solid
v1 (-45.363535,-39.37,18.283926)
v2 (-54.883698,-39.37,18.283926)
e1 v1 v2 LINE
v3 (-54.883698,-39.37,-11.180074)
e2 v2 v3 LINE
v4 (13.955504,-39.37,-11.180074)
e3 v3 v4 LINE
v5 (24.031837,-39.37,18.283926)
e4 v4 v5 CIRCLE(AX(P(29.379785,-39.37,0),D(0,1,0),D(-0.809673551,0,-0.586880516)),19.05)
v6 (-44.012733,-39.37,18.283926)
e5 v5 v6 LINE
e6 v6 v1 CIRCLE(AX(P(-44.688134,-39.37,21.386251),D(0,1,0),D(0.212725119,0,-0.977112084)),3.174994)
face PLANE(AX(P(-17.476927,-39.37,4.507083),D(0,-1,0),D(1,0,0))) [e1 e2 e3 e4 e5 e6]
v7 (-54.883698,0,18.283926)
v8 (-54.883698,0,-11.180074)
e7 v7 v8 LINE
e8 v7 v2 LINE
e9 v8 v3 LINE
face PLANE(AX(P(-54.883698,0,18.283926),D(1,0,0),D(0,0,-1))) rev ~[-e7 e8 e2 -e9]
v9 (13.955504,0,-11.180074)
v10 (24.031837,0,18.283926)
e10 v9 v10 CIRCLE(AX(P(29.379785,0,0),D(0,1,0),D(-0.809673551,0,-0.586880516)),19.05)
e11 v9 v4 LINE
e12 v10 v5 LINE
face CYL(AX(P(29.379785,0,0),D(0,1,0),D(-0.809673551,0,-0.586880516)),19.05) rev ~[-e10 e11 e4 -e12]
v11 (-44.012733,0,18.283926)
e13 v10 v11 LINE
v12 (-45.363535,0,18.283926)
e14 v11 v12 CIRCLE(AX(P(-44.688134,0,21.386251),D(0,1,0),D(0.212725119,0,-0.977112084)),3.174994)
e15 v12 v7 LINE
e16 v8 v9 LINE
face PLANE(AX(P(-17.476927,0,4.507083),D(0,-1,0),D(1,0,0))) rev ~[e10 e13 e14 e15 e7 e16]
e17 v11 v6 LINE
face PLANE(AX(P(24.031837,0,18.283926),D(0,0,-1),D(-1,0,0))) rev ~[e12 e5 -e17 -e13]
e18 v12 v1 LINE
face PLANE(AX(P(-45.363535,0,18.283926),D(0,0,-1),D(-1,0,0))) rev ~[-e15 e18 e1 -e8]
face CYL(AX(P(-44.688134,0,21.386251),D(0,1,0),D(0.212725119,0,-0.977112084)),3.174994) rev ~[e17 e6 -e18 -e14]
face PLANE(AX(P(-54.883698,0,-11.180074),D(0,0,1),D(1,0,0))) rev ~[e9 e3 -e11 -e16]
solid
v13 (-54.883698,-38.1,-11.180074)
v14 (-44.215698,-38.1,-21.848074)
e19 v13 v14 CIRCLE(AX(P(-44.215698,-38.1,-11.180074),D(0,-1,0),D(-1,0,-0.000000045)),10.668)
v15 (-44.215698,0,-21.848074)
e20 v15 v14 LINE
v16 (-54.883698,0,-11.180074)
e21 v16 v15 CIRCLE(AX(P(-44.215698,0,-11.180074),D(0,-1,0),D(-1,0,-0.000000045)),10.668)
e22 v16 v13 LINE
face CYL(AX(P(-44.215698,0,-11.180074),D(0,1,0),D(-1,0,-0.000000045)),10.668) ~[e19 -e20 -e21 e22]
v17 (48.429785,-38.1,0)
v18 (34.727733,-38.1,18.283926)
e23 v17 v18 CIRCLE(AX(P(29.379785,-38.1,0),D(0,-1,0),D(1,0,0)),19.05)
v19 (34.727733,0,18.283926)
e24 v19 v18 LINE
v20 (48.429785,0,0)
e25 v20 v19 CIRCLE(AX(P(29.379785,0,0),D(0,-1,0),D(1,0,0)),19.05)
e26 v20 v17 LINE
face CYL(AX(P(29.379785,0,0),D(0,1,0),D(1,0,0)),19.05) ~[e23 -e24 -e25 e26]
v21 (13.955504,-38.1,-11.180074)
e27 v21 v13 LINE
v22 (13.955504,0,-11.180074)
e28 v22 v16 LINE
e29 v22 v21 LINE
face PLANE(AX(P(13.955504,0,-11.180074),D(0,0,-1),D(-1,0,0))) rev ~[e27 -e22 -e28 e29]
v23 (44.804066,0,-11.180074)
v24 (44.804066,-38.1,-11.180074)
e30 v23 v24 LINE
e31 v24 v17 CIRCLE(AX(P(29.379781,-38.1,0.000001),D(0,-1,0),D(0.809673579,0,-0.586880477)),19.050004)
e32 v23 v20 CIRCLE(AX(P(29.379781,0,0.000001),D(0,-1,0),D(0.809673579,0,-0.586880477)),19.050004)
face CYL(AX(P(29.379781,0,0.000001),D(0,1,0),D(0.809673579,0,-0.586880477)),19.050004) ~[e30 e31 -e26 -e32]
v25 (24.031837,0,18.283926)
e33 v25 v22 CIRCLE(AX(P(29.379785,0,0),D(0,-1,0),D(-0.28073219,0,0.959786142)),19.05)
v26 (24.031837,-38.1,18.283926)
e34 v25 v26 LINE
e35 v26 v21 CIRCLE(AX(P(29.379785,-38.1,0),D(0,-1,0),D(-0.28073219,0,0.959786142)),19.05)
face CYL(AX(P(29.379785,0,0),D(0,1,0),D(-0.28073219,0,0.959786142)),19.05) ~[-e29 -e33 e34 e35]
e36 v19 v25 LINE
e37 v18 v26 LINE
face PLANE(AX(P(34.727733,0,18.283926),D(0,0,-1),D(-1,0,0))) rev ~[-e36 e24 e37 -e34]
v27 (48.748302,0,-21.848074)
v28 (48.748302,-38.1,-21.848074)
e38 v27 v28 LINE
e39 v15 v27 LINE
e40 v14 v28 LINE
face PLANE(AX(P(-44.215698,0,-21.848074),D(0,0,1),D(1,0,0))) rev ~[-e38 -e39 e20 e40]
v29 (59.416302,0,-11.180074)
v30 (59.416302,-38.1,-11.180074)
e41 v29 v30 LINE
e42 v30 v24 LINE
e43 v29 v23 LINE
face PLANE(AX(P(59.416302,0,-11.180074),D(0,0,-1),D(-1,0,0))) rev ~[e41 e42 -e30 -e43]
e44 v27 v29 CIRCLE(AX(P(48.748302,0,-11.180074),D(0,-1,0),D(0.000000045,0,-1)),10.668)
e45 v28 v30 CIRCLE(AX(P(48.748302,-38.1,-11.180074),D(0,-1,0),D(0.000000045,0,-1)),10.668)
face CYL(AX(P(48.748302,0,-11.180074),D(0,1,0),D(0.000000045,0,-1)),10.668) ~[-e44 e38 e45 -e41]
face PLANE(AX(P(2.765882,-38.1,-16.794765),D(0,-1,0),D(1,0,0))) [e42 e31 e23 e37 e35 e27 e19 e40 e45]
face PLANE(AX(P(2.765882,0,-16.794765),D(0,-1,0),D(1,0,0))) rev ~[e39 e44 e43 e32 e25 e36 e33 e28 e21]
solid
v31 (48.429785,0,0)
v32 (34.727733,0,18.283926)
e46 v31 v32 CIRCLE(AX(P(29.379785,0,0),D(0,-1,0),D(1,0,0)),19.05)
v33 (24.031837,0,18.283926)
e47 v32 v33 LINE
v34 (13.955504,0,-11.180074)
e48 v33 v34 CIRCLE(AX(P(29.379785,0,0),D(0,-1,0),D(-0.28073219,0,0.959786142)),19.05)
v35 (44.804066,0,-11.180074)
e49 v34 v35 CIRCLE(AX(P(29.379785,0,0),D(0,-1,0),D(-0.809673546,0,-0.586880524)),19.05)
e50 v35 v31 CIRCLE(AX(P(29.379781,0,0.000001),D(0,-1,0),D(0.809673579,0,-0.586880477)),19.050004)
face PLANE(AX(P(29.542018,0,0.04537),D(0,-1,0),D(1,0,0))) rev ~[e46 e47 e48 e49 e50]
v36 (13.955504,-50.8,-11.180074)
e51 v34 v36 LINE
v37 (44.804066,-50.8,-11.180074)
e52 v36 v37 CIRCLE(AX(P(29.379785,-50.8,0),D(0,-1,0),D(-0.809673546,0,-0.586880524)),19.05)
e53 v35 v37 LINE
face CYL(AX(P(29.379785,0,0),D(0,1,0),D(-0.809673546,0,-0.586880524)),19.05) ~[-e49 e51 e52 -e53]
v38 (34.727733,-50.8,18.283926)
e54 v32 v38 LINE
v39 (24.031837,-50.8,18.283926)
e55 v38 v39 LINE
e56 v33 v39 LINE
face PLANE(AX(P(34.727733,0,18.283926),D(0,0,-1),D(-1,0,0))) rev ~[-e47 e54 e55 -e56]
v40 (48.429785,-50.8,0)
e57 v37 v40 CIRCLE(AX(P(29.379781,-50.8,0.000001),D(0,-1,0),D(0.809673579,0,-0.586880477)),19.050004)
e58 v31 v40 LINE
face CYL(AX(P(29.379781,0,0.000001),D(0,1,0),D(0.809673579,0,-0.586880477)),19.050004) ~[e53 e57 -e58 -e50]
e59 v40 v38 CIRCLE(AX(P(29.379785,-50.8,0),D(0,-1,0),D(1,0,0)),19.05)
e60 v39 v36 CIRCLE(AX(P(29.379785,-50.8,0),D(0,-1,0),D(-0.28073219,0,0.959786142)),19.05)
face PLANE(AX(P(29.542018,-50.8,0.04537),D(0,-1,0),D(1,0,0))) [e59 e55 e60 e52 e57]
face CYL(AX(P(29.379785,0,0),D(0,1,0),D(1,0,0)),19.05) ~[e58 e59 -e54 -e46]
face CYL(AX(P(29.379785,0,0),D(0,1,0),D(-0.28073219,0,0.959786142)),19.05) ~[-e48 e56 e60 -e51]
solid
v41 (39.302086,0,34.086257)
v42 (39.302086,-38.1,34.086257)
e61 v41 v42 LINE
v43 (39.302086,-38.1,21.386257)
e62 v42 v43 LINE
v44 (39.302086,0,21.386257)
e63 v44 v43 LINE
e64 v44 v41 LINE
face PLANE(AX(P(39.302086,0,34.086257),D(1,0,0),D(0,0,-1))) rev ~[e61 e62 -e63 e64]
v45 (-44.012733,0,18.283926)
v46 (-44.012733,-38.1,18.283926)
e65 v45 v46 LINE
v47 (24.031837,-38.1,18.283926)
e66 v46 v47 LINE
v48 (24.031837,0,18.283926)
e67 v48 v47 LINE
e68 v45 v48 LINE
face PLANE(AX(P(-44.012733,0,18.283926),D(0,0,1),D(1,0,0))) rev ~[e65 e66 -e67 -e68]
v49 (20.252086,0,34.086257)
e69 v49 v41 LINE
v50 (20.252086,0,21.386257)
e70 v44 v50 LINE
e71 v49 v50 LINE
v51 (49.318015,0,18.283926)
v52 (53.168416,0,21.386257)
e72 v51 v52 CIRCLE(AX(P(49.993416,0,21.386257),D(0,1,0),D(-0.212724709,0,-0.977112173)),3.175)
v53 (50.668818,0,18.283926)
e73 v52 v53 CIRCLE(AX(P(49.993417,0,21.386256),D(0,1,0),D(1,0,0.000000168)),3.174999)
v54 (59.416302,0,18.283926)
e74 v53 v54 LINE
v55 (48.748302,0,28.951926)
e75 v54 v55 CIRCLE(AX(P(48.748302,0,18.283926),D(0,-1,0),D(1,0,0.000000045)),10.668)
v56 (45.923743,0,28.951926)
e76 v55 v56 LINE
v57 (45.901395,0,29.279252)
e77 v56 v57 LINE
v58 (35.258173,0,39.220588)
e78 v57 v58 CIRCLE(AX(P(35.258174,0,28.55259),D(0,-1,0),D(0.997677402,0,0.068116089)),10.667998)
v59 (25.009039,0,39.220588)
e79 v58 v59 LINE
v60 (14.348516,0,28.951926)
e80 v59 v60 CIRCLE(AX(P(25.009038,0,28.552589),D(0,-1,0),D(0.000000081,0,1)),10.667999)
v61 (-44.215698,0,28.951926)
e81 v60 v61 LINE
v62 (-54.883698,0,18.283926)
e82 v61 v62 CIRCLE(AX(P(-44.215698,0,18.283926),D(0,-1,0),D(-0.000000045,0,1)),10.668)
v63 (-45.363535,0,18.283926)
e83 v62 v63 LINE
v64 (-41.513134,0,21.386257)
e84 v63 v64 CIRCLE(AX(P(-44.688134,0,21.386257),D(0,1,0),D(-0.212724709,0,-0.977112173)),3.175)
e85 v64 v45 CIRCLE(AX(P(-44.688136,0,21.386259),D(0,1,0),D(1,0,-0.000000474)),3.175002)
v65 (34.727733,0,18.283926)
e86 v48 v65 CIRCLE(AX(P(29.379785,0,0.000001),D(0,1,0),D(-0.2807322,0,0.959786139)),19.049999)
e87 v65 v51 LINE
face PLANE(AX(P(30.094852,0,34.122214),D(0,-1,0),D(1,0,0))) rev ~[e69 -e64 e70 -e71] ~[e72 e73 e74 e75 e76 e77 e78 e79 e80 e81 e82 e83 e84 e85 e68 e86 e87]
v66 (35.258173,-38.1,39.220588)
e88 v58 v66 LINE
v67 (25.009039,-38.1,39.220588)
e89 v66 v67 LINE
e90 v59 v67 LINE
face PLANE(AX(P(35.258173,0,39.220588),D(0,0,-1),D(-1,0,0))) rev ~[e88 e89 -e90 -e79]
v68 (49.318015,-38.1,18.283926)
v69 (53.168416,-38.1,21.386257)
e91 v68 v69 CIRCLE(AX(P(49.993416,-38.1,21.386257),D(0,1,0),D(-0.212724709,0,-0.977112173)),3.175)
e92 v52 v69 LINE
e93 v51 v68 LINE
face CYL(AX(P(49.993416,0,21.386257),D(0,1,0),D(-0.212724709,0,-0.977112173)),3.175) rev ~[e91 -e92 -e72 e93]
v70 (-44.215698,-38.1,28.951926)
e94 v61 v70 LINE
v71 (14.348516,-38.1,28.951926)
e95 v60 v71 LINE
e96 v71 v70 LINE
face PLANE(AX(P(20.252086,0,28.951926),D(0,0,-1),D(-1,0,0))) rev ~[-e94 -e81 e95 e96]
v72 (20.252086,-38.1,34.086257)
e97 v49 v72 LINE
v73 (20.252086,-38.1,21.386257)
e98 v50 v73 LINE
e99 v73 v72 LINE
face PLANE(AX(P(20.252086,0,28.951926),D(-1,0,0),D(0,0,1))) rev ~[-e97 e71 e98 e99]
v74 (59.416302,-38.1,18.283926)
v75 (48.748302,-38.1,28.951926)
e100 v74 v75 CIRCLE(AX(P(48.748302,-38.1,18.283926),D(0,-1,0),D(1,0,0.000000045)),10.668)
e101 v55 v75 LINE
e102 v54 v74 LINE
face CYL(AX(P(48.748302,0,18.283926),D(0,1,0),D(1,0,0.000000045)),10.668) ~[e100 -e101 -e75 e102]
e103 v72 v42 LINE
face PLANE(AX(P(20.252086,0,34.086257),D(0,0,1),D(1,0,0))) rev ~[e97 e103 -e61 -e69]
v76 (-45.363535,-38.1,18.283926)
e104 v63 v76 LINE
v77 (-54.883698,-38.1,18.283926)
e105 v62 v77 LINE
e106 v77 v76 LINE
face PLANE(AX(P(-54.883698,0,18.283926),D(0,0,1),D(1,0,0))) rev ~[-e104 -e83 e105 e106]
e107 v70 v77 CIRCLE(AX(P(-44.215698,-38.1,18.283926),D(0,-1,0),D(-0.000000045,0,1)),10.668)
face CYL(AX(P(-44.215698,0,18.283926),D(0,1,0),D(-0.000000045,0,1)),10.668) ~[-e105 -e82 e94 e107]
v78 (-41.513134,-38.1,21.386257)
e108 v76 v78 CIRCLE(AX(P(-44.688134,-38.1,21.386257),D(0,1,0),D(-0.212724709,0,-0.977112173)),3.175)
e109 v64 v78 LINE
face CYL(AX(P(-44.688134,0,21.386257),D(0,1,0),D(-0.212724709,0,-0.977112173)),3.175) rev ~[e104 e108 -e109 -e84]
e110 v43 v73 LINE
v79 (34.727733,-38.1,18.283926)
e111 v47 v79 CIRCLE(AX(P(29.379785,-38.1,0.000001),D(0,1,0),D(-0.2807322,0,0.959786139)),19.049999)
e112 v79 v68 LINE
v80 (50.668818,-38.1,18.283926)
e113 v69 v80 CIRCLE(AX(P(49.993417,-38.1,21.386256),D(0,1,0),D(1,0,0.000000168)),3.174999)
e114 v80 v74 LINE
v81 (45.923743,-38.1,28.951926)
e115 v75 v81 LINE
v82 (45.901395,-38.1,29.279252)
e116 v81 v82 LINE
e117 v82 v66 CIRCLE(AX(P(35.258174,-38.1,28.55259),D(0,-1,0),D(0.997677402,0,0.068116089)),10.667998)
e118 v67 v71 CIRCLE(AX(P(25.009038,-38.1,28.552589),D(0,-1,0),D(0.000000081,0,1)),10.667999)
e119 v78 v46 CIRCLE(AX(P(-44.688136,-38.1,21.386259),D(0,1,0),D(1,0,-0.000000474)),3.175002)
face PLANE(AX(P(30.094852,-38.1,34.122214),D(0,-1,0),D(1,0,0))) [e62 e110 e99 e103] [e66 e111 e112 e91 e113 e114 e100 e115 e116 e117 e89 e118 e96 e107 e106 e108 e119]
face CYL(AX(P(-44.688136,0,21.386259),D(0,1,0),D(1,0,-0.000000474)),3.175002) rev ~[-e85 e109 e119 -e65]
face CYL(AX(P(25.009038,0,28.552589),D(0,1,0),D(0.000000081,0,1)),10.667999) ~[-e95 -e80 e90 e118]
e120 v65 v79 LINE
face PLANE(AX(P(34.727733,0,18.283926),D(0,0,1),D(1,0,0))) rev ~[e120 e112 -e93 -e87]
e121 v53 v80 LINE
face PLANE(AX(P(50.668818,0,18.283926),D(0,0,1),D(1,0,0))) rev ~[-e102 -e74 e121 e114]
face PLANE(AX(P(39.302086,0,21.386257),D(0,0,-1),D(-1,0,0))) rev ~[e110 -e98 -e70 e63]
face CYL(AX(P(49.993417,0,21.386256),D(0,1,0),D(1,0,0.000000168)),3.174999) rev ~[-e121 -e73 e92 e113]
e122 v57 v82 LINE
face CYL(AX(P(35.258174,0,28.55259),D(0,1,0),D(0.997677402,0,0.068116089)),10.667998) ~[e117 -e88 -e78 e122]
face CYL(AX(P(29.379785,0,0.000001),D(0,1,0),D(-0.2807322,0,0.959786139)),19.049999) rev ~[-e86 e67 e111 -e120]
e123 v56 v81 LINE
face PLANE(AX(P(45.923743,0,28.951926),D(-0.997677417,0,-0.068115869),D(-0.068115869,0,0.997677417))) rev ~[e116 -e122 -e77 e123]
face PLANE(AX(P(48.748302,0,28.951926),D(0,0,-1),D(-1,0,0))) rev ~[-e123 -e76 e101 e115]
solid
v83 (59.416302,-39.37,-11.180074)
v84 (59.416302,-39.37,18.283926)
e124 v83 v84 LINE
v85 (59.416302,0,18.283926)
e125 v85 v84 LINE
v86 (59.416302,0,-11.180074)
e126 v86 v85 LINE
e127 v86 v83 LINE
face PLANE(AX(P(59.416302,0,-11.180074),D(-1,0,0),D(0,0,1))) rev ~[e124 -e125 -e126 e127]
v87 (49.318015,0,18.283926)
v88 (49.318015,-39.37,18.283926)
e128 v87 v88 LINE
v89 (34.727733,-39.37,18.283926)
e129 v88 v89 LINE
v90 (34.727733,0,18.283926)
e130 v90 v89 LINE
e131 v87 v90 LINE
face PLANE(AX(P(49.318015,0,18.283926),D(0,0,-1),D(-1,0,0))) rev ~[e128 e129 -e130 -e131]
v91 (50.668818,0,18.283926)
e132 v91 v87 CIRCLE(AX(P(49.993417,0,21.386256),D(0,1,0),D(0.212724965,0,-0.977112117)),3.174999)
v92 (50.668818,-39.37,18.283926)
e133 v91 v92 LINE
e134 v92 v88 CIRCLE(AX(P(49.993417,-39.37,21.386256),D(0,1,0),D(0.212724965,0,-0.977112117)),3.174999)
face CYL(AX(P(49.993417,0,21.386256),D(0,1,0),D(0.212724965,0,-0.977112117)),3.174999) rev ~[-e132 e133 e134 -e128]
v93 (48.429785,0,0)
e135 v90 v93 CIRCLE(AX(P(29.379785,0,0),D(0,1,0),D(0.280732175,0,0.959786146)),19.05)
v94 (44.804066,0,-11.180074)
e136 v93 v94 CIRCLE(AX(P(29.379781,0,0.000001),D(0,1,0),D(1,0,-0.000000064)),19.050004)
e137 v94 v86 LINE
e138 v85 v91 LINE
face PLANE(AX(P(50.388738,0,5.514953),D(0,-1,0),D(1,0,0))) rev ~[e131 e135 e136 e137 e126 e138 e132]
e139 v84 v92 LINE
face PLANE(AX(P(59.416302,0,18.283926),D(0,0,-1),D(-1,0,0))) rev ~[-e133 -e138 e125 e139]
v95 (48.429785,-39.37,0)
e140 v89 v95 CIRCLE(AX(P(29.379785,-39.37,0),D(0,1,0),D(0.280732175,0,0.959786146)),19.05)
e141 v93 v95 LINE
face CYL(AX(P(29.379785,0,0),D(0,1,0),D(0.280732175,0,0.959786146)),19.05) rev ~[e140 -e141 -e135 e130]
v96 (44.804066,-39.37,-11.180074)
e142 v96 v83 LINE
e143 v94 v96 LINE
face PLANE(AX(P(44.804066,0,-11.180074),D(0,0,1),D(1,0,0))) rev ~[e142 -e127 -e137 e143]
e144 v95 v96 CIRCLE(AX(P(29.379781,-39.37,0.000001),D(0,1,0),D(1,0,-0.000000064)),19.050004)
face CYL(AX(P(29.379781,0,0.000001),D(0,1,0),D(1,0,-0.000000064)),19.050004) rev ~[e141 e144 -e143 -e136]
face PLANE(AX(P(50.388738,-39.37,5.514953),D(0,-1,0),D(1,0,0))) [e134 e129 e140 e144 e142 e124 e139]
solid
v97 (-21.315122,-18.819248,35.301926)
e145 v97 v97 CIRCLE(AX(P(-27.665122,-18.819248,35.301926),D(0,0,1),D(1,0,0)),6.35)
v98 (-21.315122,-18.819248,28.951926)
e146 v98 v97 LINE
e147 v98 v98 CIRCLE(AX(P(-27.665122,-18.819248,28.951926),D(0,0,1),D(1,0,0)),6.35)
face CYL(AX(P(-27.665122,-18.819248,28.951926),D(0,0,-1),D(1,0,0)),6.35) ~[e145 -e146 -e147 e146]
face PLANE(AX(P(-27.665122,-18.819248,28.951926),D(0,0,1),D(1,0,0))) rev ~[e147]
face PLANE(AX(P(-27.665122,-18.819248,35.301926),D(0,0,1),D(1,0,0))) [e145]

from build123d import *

# Parameters (mm, degrees)
F0_W     = 7.701499
F0_H     = 3.708132
F1_DEPTH = 38.1
F2_DEPTH = 50.8
F3_R     = 6.35
F4_DEPTH = 6.35
F5_DEPTH = 34.29
F6_DEPTH = 39.37
F7_DEPTH = 34.29
F8_DEPTH = 38.1
F9_DEPTH = 38.1


with BuildPart() as f1:
    # F0 (on Front) → F1 (new body)
    with BuildSketch(Plane.XZ):
        with BuildLine():
            Line((14.348516, 28.951926), (14.282982, 28.951926))
            Line((14.282982, 28.951926), (14.369692, 27.77123))
            ThreePointArc((14.369692, 27.77123), (14.342755, 28.361285), (14.348516, 28.951926))
        make_face()
        with BuildLine():
            Line((13.955504, -11.180074), (-54.883698, -11.180074))
            ThreePointArc((-54.883698, -11.180074), (-51.759113, -18.723489), (-44.215698, -21.848074))
            Line((-44.215698, -21.848074), (48.748302, -21.848074))
            ThreePointArc((48.748302, -21.848074), (56.291717, -18.723489), (59.416302, -11.180074))
            Line((59.416302, -11.180074), (44.804066, -11.180074))
            ThreePointArc((44.804066, -11.180074), (29.379785, -19.05), (13.955504, -11.180074))
        make_face()
        with BuildLine():
            Line((14.282982, 28.951926), (-44.215698, 28.951926))
            ThreePointArc((-44.215698, 28.951926), (-51.759113, 25.827341), (-54.883698, 18.283926))
            Line((-54.883698, 18.283926), (-45.363535, 18.283926))
            ThreePointArc((-45.363535, 18.283926), (-46.680146, 23.858607), (-41.513134, 21.386257))
            ThreePointArc((-41.513134, 21.386257), (-42.215785, 19.394245), (-44.012733, 18.283926))
            Line((-44.012733, 18.283926), (24.031837, 18.283926))
            ThreePointArc((24.031837, 18.283926), (29.379785, 19.05), (34.727733, 18.283926))
            Line((34.727733, 18.283926), (49.318015, 18.283926))
            ThreePointArc((49.318015, 18.283926), (48.001404, 23.858607), (53.168416, 21.386257))
            ThreePointArc((53.168416, 21.386257), (52.465766, 19.394245), (50.668818, 18.283926))
            Line((50.668818, 18.283926), (59.416302, 18.283926))
            ThreePointArc((59.416302, 18.283926), (56.291717, 25.827341), (48.748302, 28.951926))
            Line((48.748302, 28.951926), (45.923743, 28.951926))
            Line((45.923743, 28.951926), (39.302086, 28.951926))
            Line((39.302086, 28.951926), (39.302086, 21.386257))
            Line((39.302086, 21.386257), (20.252086, 21.386257))
            Line((20.252086, 21.386257), (20.252086, 28.951926))
            Line((20.252086, 28.951926), (14.348516, 28.951926))
            ThreePointArc((14.348516, 28.951926), (14.342755, 28.361285), (14.369692, 27.77123))
            Line((14.369692, 27.77123), (14.282982, 28.951926))
        make_face()
        with Locations((3.85075, 23.960214)):
            Rectangle(F0_W, F0_H, mode=Mode.SUBTRACT)
        with BuildLine():
            ThreePointArc((24.031837, 18.283926), (11.354714, 6.164358), (13.955504, -11.180074))
            ThreePointArc((13.955504, -11.180074), (29.379785, -19.05), (44.804066, -11.180074))
            ThreePointArc((44.804066, -11.180074), (47.500699, -5.876646), (48.429785, 0))
            ThreePointArc((48.429785, 0), (44.624143, 11.424187), (34.727733, 18.283926))
            Line((34.727733, 18.283926), (24.031837, 18.283926))
        make_face()
        with Locations((3.85075, 23.960214)):
            Rectangle(F0_W, F0_H)
    extrude(amount=F1_DEPTH)

    # F0 (on Front) → F5 (join)
    with BuildSketch(Plane.XZ):
        with Locations((3.85075, 23.960214)):
            Rectangle(F0_W, F0_H)
    extrude(amount=F5_DEPTH)

    # F0 (on Front) → F7 (join)
    with BuildSketch(Plane.XZ):
        with Locations((3.85075, 23.960214)):
            Rectangle(F0_W, F0_H)
    extrude(amount=F7_DEPTH)

    # F0 (on Front) → F8 (join)
    with BuildSketch(Plane.XZ):
        with Locations((3.85075, 23.960214)):
            Rectangle(F0_W, F0_H)
    extrude(amount=F8_DEPTH)

    # F0 (on Front) → F9 (join)
    with BuildSketch(Plane.XZ):
        with BuildLine():
            ThreePointArc((25.009039, 39.220588), (17.608158, 36.235894), (14.348516, 28.951926))
            Line((14.348516, 28.951926), (20.252086, 28.951926))
            Line((20.252086, 28.951926), (20.252086, 34.086257))
            Line((20.252086, 34.086257), (39.302086, 34.086257))
            Line((39.302086, 34.086257), (39.302086, 28.951926))
            Line((39.302086, 28.951926), (45.923743, 28.951926))
            Line((45.923743, 28.951926), (45.901395, 29.279252))
            ThreePointArc((45.901395, 29.279252), (42.540143, 36.348686), (35.258173, 39.220588))
            Line((35.258173, 39.220588), (25.009039, 39.220588))
        make_face()
    extrude(amount=F9_DEPTH)


with BuildPart() as f2:
    # F0 (on Front) → F2 (new body)
    with BuildSketch(Plane.XZ):
        with BuildLine():
            ThreePointArc((24.031837, 18.283926), (11.354714, 6.164358), (13.955504, -11.180074))
            ThreePointArc((13.955504, -11.180074), (29.379785, -19.05), (44.804066, -11.180074))
            ThreePointArc((44.804066, -11.180074), (47.500699, -5.876646), (48.429785, 0))
            ThreePointArc((48.429785, 0), (44.624143, 11.424187), (34.727733, 18.283926))
            Line((34.727733, 18.283926), (24.031837, 18.283926))
        make_face()
    extrude(amount=F2_DEPTH)


with BuildPart() as f4:
    # F3 (on face) → F4 (new body)
    with BuildSketch(Plane.XY.offset(28.951926)):
        with Locations((-27.665122, -18.819248)):
            Circle(F3_R)
    extrude(amount=F4_DEPTH)


with BuildPart() as f6:
    # F0 (on Front) → F6 (new body)
    with BuildSketch(Plane.XZ):
        with BuildLine():
            Line((-45.363535, 18.283926), (-54.883698, 18.283926))
            Line((-54.883698, 18.283926), (-54.883698, -11.180074))
            Line((-54.883698, -11.180074), (13.955504, -11.180074))
            ThreePointArc((13.955504, -11.180074), (11.354714, 6.164358), (24.031837, 18.283926))
            Line((24.031837, 18.283926), (-44.012733, 18.283926))
            ThreePointArc((-44.012733, 18.283926), (-44.688134, 18.211257), (-45.363535, 18.283926))
        make_face()
        with BuildLine():
            ThreePointArc((48.429785, 0), (47.500699, -5.876646), (44.804066, -11.180074))
            Line((44.804066, -11.180074), (59.416302, -11.180074))
            Line((59.416302, -11.180074), (59.416302, 18.283926))
            Line((59.416302, 18.283926), (50.668818, 18.283926))
            ThreePointArc((50.668818, 18.283926), (49.993416, 18.211257), (49.318015, 18.283926))
            Line((49.318015, 18.283926), (34.727733, 18.283926))
            ThreePointArc((34.727733, 18.283926), (44.624143, 11.424187), (48.429785, 0))
        make_face()
    extrude(amount=F6_DEPTH)


solid = Compound([f1.part, f2.part, f4.part, f6.part])
